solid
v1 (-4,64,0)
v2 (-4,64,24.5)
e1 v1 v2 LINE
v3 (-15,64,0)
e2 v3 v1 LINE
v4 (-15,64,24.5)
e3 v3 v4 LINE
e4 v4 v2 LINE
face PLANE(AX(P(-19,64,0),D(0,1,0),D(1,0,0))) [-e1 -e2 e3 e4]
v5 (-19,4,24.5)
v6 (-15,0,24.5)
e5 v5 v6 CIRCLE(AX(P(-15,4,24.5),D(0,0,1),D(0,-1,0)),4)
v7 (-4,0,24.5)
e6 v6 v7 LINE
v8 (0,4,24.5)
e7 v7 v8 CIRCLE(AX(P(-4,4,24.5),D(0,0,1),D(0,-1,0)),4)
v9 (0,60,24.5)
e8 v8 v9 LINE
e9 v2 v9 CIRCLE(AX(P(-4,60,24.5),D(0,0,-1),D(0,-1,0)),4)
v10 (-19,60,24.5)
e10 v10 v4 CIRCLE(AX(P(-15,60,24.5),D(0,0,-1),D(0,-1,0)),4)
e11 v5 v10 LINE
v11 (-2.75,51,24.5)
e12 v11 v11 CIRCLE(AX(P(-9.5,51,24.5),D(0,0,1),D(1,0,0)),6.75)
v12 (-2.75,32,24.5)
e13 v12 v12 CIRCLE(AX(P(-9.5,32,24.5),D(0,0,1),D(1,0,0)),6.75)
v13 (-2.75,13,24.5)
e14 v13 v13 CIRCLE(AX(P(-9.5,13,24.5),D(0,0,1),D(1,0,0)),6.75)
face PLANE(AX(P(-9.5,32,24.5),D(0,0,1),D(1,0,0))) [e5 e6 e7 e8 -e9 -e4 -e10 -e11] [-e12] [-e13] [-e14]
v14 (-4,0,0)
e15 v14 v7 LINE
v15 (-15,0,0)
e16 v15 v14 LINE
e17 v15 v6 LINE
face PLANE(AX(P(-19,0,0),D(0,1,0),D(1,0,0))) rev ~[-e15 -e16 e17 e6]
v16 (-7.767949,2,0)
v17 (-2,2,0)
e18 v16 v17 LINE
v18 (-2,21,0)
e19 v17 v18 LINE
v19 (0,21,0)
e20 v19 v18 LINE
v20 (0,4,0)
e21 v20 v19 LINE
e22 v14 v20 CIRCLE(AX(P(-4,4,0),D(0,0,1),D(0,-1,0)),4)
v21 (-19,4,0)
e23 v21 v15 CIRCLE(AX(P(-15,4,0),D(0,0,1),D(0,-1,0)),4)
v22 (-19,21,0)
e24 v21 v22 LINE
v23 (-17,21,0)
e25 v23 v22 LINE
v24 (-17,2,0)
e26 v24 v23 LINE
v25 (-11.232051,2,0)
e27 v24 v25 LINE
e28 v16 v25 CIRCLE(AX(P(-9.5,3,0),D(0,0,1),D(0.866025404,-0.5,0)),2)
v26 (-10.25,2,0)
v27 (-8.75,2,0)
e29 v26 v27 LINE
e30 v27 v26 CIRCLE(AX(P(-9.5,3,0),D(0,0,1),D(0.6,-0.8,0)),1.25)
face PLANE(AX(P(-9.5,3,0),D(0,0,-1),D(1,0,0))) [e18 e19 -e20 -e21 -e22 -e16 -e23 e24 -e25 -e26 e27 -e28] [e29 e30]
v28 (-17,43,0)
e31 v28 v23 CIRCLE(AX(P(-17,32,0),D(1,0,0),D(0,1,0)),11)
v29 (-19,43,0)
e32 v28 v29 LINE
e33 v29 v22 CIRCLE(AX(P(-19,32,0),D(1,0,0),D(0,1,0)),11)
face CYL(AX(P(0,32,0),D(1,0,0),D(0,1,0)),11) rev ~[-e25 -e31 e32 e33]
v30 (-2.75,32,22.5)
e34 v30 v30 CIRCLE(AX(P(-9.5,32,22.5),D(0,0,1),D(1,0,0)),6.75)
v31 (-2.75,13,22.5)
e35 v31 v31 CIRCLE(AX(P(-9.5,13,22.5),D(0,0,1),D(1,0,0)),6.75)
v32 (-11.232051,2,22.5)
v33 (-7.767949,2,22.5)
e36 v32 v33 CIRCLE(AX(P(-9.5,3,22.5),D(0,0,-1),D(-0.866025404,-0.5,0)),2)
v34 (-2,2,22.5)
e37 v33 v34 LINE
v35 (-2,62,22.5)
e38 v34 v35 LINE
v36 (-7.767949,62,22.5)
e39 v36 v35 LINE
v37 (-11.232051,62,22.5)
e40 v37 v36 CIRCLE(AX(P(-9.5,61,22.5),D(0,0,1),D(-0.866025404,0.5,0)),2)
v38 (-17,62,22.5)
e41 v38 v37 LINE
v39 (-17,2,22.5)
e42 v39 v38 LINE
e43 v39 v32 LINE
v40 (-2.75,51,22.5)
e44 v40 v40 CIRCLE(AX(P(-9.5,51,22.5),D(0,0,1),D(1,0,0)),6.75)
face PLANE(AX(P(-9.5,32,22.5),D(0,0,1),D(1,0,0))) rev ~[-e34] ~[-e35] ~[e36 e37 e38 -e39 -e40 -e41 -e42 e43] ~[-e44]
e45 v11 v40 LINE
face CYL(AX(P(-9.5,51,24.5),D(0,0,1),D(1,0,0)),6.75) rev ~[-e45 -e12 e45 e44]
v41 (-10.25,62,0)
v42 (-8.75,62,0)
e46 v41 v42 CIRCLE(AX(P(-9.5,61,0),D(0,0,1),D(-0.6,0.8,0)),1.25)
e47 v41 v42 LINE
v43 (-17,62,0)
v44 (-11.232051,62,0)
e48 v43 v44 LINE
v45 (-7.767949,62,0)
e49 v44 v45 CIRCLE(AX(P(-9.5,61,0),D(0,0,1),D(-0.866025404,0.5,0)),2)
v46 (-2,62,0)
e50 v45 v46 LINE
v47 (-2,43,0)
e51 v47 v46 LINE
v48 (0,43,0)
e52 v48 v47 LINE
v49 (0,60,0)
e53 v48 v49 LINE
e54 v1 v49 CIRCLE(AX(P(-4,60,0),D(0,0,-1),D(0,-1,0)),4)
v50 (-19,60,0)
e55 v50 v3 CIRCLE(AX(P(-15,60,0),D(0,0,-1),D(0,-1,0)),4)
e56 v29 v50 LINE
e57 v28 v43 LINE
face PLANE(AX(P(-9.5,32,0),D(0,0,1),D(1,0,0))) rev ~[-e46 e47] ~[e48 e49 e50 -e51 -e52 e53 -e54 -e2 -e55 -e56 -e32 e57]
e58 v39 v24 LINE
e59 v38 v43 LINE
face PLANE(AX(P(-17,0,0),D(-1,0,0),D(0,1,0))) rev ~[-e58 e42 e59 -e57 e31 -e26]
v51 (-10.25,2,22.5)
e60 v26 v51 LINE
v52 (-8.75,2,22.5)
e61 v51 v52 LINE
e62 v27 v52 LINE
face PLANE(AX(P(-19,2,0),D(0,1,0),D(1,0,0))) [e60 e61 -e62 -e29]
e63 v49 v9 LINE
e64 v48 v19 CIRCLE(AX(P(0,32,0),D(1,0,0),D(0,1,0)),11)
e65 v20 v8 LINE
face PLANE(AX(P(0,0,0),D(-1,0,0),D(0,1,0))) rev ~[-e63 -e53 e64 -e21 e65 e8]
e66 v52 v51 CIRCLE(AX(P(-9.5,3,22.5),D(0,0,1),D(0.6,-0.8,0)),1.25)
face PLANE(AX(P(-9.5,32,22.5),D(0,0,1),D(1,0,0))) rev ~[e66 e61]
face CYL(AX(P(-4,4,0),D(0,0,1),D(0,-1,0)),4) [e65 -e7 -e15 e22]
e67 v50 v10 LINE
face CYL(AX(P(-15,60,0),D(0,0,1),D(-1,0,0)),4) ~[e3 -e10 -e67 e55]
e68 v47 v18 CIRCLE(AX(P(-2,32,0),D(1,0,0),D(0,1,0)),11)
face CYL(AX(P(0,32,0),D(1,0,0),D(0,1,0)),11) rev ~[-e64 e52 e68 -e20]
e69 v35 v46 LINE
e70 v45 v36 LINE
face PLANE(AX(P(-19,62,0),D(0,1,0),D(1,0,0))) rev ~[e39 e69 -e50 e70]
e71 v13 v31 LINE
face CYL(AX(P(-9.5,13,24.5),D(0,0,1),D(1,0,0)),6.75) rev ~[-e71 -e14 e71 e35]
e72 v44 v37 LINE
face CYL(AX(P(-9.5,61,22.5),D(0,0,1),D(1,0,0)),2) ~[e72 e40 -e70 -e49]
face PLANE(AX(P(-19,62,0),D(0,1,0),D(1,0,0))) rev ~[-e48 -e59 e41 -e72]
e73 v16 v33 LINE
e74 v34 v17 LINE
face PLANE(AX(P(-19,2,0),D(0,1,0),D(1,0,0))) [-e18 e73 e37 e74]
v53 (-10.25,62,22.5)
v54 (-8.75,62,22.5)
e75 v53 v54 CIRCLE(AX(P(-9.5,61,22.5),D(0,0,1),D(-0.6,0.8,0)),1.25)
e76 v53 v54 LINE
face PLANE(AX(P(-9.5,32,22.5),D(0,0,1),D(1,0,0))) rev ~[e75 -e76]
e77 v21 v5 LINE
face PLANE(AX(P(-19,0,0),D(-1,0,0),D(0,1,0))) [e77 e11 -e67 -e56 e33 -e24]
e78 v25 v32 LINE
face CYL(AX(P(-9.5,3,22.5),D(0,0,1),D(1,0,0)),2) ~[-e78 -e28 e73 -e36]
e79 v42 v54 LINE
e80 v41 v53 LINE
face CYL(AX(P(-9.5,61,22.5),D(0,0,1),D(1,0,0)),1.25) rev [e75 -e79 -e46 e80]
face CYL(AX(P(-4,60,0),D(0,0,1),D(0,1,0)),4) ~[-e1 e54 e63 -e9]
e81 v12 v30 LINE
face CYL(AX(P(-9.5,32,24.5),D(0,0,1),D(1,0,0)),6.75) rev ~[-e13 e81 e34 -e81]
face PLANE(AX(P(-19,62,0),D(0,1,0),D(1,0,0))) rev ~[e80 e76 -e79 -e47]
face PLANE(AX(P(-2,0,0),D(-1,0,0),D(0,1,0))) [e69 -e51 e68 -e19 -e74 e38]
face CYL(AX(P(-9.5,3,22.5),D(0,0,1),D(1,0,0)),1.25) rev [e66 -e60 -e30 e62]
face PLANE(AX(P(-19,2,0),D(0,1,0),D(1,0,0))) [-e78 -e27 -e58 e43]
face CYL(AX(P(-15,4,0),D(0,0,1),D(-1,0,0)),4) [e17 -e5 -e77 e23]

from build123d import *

# Parameters (mm, degrees)
F0_W      = 19
F0_H      = 64
F1_DEPTH  = 24.5
F3_DEPTH  = 25
F4_T      = -2
F5_R      = 4
F6_R      = 6.75
F7_DEPTH  = 25
F8_R      = 2
F8_R_2    = 1.25
F9_DEPTH  = 22.5
F10_R     = 6.75
F11_DEPTH = 25


with BuildPart() as f1:
    # F0 (on Top) → F1 (new body)
    with BuildSketch(Plane.XY):
        with Locations((-9.5, 32)):
            Rectangle(F0_W, F0_H)
    extrude(amount=F1_DEPTH)

    # F2 (on face) → F3 (cut)
    with BuildSketch(Plane.YZ):
        with BuildLine():
            Line((21, 0), (43, 0))
            ThreePointArc((43, 0), (32, 11), (21, 0))
        make_face()
    extrude(amount=-F3_DEPTH, mode=Mode.SUBTRACT)

    # F4
    f4_openings = [f1.faces().sort_by_distance(p)[0] for p in [
        (-9.5, 32, 11),
        (-9.5, 10.5, 0),
        (-9.5, 53.5, 0),
    ]]
    offset(amount=F4_T, openings=f4_openings)

    # F5
    f5_edges = [f1.edges().sort_by_distance(p)[0] for p in [
        (0, 0, 12.25),
        (0, 64, 12.25),
        (-19, 64, 12.25),
        (-19, 0, 12.25),
    ]]
    fillet(f5_edges, radius=F5_R)

    # F6 (on face) → F7 (cut)
    with BuildSketch(Plane.XY.offset(24.5)):
        with Locations((-9.5, 32)):
            Circle(F6_R)
    extrude(amount=-F7_DEPTH, mode=Mode.SUBTRACT)

    # F8 (on face) → F9 (join)
    with BuildSketch(Plane(origin=(0, 0, 22.5), x_dir=(1, 0, 0), z_dir=(0, 0, -1))):
        with Locations((-9.5, -3)):
            Circle(F8_R)
        with Locations((-9.5, -3)):
            Circle(F8_R_2, mode=Mode.SUBTRACT)
        with Locations((-9.5, -61)):
            Circle(F8_R)
        with Locations((-9.5, -61)):
            Circle(F8_R_2, mode=Mode.SUBTRACT)
    extrude(amount=F9_DEPTH)

    # F10 (on face) → F11 (cut)
    with BuildSketch(Plane.XY.offset(24.5)):
        with Locations((-9.5, 51)):
            Circle(F10_R)
        with Locations((-9.5, 13)):
            Circle(F10_R)
    extrude(amount=-F11_DEPTH, mode=Mode.SUBTRACT)


solid = f1.part
